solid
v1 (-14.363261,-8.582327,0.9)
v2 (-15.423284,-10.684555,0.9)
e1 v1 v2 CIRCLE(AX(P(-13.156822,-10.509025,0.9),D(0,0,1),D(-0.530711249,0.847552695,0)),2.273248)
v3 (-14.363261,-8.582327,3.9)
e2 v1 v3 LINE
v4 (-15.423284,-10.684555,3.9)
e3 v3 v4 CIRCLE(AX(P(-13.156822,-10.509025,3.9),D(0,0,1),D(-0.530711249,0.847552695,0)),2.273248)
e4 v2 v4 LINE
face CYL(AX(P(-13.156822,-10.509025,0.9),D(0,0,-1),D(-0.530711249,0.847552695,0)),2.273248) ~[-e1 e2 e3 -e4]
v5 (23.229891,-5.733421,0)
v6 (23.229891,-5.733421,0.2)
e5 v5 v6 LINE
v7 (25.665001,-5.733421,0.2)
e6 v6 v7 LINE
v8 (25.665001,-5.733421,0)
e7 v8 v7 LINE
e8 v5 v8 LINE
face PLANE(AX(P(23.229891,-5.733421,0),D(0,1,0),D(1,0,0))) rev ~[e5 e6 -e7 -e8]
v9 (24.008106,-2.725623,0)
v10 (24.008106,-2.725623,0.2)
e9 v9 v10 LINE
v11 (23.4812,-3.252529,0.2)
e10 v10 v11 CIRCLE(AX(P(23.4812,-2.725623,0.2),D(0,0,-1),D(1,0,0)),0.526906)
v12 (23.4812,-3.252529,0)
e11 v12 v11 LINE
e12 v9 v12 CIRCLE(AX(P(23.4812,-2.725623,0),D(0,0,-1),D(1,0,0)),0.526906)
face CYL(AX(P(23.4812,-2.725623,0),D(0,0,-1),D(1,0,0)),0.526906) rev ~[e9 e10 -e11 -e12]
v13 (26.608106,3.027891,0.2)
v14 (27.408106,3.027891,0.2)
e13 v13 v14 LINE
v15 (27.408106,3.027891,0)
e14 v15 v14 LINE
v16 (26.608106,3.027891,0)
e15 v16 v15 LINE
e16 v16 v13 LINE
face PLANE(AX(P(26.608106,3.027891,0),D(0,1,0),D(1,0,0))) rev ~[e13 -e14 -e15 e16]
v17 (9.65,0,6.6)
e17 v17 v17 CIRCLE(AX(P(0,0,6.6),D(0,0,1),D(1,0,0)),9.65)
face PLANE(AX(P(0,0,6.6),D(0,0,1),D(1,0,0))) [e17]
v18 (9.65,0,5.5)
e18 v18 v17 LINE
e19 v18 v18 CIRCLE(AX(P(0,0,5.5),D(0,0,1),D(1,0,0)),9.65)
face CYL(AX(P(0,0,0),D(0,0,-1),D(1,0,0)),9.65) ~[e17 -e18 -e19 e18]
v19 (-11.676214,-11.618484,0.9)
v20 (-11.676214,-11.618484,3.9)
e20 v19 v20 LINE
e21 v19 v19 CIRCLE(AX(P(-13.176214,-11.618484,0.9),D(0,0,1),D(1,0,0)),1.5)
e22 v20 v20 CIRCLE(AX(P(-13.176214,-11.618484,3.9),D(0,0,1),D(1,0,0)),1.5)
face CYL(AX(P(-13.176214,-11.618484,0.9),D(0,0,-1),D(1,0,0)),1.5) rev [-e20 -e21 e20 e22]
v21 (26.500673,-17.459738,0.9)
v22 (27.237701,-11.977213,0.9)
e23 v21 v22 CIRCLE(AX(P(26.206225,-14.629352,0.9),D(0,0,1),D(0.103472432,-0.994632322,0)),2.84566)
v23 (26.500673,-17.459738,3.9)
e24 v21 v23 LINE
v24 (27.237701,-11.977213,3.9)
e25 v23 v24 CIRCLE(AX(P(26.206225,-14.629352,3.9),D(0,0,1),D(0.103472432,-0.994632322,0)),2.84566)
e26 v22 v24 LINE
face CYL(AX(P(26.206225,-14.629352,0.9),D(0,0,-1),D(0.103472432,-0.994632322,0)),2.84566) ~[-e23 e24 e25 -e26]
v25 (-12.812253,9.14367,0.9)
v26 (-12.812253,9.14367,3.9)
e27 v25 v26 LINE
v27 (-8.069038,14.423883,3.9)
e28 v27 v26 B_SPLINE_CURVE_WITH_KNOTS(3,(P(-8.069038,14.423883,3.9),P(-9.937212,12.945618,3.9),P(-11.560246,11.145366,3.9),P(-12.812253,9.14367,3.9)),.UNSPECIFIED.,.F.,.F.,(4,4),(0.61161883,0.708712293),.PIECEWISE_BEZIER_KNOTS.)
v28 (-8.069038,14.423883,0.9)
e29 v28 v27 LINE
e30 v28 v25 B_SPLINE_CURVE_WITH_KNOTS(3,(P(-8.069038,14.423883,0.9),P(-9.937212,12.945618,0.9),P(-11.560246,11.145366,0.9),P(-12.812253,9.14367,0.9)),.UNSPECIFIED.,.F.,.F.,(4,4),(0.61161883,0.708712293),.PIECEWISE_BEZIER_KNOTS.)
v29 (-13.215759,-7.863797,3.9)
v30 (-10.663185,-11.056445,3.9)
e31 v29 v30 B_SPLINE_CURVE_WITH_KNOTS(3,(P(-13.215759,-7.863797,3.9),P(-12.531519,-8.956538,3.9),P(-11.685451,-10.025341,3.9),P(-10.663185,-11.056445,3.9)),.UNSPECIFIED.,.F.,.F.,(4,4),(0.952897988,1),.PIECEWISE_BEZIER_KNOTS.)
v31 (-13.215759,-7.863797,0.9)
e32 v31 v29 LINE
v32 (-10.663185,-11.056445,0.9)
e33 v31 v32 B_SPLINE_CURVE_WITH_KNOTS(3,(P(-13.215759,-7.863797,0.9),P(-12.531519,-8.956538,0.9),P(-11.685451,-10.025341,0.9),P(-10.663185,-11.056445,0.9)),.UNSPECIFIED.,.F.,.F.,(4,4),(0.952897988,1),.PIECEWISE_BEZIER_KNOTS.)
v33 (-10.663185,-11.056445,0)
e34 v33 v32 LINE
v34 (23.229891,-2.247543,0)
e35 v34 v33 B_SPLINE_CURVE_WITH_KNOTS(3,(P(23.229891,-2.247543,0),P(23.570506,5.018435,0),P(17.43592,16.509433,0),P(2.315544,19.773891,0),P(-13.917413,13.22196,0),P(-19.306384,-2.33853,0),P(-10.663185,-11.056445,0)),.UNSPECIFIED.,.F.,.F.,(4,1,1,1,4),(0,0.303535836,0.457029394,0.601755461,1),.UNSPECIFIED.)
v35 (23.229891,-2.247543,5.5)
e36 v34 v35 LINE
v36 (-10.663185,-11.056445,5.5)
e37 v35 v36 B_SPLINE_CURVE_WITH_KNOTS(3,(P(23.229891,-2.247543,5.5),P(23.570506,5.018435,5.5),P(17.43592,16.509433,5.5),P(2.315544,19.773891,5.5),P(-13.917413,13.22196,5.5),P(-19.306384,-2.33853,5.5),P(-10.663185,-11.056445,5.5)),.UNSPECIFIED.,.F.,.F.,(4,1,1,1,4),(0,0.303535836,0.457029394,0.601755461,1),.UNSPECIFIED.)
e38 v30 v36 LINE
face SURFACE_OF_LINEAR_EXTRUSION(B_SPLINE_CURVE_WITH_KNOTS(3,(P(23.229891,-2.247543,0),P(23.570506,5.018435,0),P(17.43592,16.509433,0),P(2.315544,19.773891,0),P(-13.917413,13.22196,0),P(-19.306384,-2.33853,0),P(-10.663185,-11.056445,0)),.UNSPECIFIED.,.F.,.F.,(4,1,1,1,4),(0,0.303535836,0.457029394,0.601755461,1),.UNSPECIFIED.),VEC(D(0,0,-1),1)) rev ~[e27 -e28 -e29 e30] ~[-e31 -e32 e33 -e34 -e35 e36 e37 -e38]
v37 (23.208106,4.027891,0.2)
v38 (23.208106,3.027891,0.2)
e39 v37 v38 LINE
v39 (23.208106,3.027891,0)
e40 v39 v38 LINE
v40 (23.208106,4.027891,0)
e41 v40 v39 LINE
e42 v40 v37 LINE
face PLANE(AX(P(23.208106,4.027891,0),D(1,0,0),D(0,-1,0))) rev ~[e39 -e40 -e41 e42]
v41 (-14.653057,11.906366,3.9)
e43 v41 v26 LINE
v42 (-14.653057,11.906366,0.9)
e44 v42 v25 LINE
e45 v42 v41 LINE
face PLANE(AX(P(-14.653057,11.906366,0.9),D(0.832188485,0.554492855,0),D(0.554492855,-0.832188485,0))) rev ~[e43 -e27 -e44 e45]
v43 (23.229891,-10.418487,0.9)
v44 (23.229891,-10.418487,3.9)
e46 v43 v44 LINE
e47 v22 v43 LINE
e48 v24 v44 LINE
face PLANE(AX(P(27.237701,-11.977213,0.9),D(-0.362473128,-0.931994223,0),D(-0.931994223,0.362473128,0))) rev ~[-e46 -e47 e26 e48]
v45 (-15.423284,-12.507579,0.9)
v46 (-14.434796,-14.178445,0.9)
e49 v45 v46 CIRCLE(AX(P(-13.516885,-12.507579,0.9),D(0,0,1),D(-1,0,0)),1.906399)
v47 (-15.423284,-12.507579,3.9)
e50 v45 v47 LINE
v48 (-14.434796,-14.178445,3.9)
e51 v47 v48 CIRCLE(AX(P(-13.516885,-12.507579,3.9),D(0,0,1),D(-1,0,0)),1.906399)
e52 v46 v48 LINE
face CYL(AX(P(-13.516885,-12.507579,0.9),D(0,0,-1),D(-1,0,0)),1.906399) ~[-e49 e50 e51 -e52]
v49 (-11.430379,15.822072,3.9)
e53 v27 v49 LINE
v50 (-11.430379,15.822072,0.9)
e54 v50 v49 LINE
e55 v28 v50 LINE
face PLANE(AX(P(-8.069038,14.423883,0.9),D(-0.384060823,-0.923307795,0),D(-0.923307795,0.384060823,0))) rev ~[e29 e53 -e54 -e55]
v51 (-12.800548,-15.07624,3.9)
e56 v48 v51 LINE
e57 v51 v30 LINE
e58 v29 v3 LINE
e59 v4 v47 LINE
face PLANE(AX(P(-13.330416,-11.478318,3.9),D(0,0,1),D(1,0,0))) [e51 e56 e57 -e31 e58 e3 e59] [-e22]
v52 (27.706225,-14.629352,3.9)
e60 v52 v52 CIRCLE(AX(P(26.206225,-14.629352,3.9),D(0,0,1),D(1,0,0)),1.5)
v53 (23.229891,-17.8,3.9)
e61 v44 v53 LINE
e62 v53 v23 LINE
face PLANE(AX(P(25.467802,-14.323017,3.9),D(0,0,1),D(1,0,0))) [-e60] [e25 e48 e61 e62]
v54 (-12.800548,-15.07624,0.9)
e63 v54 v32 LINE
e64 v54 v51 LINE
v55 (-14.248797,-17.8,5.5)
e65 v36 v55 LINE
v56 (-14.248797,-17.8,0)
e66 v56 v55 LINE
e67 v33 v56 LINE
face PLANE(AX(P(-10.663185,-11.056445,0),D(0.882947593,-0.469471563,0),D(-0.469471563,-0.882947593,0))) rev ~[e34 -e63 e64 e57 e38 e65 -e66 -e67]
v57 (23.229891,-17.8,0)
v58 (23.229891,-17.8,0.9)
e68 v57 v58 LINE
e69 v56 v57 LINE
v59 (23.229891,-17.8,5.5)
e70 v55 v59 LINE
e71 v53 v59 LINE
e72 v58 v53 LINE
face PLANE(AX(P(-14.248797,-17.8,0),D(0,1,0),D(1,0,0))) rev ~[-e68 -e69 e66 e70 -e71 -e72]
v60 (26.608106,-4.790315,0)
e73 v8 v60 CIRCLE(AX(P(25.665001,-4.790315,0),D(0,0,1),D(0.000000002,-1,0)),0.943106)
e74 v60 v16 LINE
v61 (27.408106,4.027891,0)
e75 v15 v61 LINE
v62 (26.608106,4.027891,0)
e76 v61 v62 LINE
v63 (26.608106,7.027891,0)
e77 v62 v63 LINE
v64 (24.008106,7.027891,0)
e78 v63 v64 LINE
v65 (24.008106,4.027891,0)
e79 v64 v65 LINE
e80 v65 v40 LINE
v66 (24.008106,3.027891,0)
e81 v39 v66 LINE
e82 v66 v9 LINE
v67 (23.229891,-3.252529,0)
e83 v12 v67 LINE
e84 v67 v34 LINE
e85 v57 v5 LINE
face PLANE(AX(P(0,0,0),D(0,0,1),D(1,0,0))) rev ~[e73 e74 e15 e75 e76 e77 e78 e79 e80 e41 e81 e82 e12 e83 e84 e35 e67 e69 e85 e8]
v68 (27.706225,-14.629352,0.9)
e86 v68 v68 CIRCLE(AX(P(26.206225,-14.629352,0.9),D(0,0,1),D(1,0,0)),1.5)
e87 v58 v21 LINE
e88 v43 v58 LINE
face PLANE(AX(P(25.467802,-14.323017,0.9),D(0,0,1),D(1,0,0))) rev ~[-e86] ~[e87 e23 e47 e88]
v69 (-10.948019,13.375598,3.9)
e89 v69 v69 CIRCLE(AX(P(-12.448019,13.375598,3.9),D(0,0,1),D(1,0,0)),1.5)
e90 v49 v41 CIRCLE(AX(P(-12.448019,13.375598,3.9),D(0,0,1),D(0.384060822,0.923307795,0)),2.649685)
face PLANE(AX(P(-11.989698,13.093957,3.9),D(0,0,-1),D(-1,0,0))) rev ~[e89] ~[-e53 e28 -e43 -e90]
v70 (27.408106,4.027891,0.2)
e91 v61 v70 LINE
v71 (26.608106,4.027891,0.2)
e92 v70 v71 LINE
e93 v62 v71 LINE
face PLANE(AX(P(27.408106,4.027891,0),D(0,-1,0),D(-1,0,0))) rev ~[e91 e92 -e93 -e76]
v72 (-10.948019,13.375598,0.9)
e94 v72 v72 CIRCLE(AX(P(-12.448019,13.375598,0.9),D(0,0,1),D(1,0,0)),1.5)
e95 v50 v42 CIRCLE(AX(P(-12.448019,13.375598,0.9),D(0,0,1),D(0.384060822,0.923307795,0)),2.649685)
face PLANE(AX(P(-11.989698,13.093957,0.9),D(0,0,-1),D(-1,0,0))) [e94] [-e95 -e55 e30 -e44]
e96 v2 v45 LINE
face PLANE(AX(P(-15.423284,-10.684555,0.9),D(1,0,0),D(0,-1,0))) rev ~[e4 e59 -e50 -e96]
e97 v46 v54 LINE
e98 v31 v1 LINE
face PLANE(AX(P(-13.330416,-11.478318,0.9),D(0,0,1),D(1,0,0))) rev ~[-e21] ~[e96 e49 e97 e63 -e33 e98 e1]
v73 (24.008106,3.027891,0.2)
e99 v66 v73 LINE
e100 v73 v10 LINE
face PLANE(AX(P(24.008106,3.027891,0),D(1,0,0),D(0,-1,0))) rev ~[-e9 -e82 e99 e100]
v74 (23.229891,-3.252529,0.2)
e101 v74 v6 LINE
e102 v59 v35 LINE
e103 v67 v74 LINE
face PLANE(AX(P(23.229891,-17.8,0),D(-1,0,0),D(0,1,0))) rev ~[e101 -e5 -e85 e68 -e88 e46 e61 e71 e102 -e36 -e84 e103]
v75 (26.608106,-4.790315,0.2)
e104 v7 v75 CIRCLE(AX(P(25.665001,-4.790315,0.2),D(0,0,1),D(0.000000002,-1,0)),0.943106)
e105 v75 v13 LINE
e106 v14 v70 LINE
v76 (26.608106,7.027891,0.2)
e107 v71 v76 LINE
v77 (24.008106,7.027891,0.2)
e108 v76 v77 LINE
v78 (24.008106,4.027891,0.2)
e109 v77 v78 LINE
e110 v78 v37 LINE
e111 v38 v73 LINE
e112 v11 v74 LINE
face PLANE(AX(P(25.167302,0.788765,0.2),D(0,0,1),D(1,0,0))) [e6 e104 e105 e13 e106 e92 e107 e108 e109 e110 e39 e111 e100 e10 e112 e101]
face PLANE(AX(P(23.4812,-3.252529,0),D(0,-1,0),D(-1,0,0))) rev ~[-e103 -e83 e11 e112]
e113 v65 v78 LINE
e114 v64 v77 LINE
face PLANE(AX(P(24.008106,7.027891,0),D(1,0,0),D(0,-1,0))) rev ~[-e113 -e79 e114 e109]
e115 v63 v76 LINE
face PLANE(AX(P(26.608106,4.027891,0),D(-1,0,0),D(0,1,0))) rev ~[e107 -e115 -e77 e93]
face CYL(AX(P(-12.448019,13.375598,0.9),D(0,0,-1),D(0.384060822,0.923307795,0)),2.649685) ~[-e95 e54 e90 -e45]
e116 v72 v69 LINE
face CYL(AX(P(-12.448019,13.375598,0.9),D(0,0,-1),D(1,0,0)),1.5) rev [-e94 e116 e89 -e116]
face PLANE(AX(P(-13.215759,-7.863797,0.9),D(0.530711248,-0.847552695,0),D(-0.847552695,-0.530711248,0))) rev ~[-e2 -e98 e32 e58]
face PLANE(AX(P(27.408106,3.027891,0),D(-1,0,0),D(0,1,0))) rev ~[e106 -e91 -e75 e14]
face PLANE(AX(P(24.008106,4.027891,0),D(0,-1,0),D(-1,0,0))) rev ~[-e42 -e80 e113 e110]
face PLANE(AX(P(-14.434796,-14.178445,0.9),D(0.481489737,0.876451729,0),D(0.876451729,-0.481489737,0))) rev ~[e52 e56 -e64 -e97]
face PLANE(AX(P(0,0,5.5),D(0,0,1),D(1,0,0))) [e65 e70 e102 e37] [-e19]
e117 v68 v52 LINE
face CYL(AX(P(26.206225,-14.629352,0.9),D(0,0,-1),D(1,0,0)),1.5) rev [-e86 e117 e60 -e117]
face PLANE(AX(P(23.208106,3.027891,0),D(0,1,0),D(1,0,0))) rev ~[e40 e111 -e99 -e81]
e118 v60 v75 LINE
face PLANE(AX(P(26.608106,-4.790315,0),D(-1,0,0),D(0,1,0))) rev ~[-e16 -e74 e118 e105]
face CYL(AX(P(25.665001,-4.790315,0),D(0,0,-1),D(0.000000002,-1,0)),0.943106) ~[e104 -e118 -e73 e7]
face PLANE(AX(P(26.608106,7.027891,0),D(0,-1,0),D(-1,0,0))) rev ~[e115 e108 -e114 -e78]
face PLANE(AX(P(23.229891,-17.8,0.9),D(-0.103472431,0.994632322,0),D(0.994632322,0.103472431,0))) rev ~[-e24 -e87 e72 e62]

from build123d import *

# Parameters (mm, degrees)
SKIZZE1_R                       = 9.65
AUFSATZ_LINEAR_AUSTRAGEN1_DEPTH = 5.5
SKIZZE1_3_R                     = 9.65
AUFSATZ_LINEAR_AUSTRAGEN2_DEPTH = 6.6
AUFSATZ_LINEAR_START            = 0.9
SKIZZE1_5_R                     = 1.5
AUFSATZ_LINEAR_AUSTRAGEN3_DEPTH = 3
AUFSATZ_LINEAR_AUSTRAGEN4_DEPTH = 0.2


with BuildPart() as part:
    # Skizze1 → Aufsatz-Linear austragen1 (new body)
    with BuildSketch(Plane.XY):
        with BuildLine():
            Line((-14.24879669, -17.8), (23.22989124, -17.8))
            Line((23.22989124, -17.8), (23.22989124, -2.247542747))
            add(Edge.make_bspline(
                [(23.22989124, -2.247542747), (23.570505731, 5.01843493), (17.435920317, 16.509432663), (2.315543688, 19.773891452), (-13.917413027, 13.221960429), (-19.306383662, -2.33852969), (-10.663184769, -11.056444767)],
                knots=[0, 0, 0, 0, 0.303535836, 0.457029394, 0.601755461, 1, 1, 1, 1], degree=3))
            Line((-10.663184769, -11.056444767), (-14.24879669, -17.8))
        make_face()
        Circle(SKIZZE1_R, mode=Mode.SUBTRACT)
    extrude(amount=AUFSATZ_LINEAR_AUSTRAGEN1_DEPTH)

    # Skizze1<3> → Aufsatz-Linear austragen2 (add)
    with BuildSketch(Plane.XY):
        Circle(SKIZZE1_3_R)
    extrude(amount=AUFSATZ_LINEAR_AUSTRAGEN2_DEPTH)

    # Skizze1<5> → Aufsatz-Linear austragen3 (add)
    # profile 1 of 3: a face of its own
    with BuildSketch(Plane.XY.offset(AUFSATZ_LINEAR_START)):
        with BuildLine():
            Line((23.22989124, -10.418487336), (23.22989124, -17.8))
            Line((23.22989124, -17.8), (26.500672864, -17.459737855))
            ThreePointArc((26.500672864, -17.459737855), (29.026515796, -15.008489952), (27.237700891, -11.977212988))
            Line((27.237700891, -11.977212988), (23.22989124, -10.418487336))
        make_face()
        with Locations((26.206225463, -14.629352042)):
            Circle(SKIZZE1_5_R, mode=Mode.SUBTRACT)
    # profile 2 of 3: a face of its own
    with BuildSketch(Plane.XY.offset(AUFSATZ_LINEAR_START)):
        with BuildLine():
            Line((-14.434796379, -14.178445133), (-12.800547832, -15.076240045))
            Line((-12.800547832, -15.076240045), (-10.663184769, -11.056444767))
            add(Edge.make_bspline(
                [(-13.215759107, -7.863797122), (-12.531518629, -8.956537973), (-11.685451286, -10.025341262), (-10.663184769, -11.056444767)],
                knots=[0.952897988, 0.952897988, 0.952897988, 0.952897988, 1, 1, 1, 1], degree=3))
            Line((-13.215759107, -7.863797122), (-14.363260793, -8.582327138))
            ThreePointArc((-14.363260793, -8.582327138), (-15.186624929, -9.485521456), (-15.423283617, -10.684554877))
            Line((-15.423283617, -10.684554877), (-15.423283617, -12.507578786))
            ThreePointArc((-15.423283617, -12.507578786), (-15.157656262, -13.478261712), (-14.434796379, -14.178445133))
        make_face()
        with Locations((-13.17621437, -11.618483702)):
            Circle(SKIZZE1_5_R, mode=Mode.SUBTRACT)
    # profile 3 of 3: a face of its own
    with BuildSketch(Plane.XY.offset(AUFSATZ_LINEAR_START)):
        with BuildLine():
            add(Edge.make_bspline(
                [(-8.069037879, 14.42388259), (-9.937212437, 12.945618154), (-11.560246269, 11.14536638), (-12.81225318, 9.143669748)],
                knots=[0.61161883, 0.61161883, 0.61161883, 0.61161883, 0.708712293, 0.708712293, 0.708712293, 0.708712293], degree=3))
            Line((-8.069037879, 14.42388259), (-11.430379202, 15.82207236))
            ThreePointArc((-11.430379202, 15.82207236), (-14.493909546, 15.059392032), (-14.653056668, 11.90636624))
            Line((-14.653056668, 11.90636624), (-12.81225318, 9.143669748))
        make_face()
        with Locations((-12.448019378, 13.375597605)):
            Circle(SKIZZE1_5_R, mode=Mode.SUBTRACT)
    extrude(amount=AUFSATZ_LINEAR_AUSTRAGEN3_DEPTH)

    # Skizze1<6> → Aufsatz-Linear austragen4 (add)
    with BuildSketch(Plane.XY):
        with BuildLine():
            Line((23.22989124, -3.252529258), (23.22989124, -5.733420738))
            Line((23.22989124, -5.733420738), (25.665000561, -5.733420738))
            ThreePointArc((25.665000561, -5.733420738), (26.331877002, -5.457191471), (26.608106269, -4.79031503))
            Line((26.608106269, -4.79031503), (26.608106269, 3.027890879))
            Line((26.608106269, 3.027890879), (27.408106269, 3.027890879))
            Line((27.408106269, 3.027890879), (27.408106269, 4.027890879))
            Line((27.408106269, 4.027890879), (26.608106269, 4.027890879))
            Line((26.608106269, 4.027890879), (26.608106269, 7.027890879))
            Line((26.608106269, 7.027890879), (24.008106269, 7.027890879))
            Line((24.008106269, 7.027890879), (24.008106269, 4.027890879))
            Line((24.008106269, 4.027890879), (23.208106269, 4.027890879))
            Line((23.208106269, 4.027890879), (23.208106269, 3.027890879))
            Line((23.208106269, 3.027890879), (24.008106269, 3.027890879))
            Line((24.008106269, 3.027890879), (24.008106269, -2.725622817))
            ThreePointArc((24.008106269, -2.725622817), (23.853778945, -3.098201935), (23.481199827, -3.252529258))
            Line((23.481199827, -3.252529258), (23.22989124, -3.252529258))
        make_face()
    extrude(amount=AUFSATZ_LINEAR_AUSTRAGEN4_DEPTH)


solid = part.part
